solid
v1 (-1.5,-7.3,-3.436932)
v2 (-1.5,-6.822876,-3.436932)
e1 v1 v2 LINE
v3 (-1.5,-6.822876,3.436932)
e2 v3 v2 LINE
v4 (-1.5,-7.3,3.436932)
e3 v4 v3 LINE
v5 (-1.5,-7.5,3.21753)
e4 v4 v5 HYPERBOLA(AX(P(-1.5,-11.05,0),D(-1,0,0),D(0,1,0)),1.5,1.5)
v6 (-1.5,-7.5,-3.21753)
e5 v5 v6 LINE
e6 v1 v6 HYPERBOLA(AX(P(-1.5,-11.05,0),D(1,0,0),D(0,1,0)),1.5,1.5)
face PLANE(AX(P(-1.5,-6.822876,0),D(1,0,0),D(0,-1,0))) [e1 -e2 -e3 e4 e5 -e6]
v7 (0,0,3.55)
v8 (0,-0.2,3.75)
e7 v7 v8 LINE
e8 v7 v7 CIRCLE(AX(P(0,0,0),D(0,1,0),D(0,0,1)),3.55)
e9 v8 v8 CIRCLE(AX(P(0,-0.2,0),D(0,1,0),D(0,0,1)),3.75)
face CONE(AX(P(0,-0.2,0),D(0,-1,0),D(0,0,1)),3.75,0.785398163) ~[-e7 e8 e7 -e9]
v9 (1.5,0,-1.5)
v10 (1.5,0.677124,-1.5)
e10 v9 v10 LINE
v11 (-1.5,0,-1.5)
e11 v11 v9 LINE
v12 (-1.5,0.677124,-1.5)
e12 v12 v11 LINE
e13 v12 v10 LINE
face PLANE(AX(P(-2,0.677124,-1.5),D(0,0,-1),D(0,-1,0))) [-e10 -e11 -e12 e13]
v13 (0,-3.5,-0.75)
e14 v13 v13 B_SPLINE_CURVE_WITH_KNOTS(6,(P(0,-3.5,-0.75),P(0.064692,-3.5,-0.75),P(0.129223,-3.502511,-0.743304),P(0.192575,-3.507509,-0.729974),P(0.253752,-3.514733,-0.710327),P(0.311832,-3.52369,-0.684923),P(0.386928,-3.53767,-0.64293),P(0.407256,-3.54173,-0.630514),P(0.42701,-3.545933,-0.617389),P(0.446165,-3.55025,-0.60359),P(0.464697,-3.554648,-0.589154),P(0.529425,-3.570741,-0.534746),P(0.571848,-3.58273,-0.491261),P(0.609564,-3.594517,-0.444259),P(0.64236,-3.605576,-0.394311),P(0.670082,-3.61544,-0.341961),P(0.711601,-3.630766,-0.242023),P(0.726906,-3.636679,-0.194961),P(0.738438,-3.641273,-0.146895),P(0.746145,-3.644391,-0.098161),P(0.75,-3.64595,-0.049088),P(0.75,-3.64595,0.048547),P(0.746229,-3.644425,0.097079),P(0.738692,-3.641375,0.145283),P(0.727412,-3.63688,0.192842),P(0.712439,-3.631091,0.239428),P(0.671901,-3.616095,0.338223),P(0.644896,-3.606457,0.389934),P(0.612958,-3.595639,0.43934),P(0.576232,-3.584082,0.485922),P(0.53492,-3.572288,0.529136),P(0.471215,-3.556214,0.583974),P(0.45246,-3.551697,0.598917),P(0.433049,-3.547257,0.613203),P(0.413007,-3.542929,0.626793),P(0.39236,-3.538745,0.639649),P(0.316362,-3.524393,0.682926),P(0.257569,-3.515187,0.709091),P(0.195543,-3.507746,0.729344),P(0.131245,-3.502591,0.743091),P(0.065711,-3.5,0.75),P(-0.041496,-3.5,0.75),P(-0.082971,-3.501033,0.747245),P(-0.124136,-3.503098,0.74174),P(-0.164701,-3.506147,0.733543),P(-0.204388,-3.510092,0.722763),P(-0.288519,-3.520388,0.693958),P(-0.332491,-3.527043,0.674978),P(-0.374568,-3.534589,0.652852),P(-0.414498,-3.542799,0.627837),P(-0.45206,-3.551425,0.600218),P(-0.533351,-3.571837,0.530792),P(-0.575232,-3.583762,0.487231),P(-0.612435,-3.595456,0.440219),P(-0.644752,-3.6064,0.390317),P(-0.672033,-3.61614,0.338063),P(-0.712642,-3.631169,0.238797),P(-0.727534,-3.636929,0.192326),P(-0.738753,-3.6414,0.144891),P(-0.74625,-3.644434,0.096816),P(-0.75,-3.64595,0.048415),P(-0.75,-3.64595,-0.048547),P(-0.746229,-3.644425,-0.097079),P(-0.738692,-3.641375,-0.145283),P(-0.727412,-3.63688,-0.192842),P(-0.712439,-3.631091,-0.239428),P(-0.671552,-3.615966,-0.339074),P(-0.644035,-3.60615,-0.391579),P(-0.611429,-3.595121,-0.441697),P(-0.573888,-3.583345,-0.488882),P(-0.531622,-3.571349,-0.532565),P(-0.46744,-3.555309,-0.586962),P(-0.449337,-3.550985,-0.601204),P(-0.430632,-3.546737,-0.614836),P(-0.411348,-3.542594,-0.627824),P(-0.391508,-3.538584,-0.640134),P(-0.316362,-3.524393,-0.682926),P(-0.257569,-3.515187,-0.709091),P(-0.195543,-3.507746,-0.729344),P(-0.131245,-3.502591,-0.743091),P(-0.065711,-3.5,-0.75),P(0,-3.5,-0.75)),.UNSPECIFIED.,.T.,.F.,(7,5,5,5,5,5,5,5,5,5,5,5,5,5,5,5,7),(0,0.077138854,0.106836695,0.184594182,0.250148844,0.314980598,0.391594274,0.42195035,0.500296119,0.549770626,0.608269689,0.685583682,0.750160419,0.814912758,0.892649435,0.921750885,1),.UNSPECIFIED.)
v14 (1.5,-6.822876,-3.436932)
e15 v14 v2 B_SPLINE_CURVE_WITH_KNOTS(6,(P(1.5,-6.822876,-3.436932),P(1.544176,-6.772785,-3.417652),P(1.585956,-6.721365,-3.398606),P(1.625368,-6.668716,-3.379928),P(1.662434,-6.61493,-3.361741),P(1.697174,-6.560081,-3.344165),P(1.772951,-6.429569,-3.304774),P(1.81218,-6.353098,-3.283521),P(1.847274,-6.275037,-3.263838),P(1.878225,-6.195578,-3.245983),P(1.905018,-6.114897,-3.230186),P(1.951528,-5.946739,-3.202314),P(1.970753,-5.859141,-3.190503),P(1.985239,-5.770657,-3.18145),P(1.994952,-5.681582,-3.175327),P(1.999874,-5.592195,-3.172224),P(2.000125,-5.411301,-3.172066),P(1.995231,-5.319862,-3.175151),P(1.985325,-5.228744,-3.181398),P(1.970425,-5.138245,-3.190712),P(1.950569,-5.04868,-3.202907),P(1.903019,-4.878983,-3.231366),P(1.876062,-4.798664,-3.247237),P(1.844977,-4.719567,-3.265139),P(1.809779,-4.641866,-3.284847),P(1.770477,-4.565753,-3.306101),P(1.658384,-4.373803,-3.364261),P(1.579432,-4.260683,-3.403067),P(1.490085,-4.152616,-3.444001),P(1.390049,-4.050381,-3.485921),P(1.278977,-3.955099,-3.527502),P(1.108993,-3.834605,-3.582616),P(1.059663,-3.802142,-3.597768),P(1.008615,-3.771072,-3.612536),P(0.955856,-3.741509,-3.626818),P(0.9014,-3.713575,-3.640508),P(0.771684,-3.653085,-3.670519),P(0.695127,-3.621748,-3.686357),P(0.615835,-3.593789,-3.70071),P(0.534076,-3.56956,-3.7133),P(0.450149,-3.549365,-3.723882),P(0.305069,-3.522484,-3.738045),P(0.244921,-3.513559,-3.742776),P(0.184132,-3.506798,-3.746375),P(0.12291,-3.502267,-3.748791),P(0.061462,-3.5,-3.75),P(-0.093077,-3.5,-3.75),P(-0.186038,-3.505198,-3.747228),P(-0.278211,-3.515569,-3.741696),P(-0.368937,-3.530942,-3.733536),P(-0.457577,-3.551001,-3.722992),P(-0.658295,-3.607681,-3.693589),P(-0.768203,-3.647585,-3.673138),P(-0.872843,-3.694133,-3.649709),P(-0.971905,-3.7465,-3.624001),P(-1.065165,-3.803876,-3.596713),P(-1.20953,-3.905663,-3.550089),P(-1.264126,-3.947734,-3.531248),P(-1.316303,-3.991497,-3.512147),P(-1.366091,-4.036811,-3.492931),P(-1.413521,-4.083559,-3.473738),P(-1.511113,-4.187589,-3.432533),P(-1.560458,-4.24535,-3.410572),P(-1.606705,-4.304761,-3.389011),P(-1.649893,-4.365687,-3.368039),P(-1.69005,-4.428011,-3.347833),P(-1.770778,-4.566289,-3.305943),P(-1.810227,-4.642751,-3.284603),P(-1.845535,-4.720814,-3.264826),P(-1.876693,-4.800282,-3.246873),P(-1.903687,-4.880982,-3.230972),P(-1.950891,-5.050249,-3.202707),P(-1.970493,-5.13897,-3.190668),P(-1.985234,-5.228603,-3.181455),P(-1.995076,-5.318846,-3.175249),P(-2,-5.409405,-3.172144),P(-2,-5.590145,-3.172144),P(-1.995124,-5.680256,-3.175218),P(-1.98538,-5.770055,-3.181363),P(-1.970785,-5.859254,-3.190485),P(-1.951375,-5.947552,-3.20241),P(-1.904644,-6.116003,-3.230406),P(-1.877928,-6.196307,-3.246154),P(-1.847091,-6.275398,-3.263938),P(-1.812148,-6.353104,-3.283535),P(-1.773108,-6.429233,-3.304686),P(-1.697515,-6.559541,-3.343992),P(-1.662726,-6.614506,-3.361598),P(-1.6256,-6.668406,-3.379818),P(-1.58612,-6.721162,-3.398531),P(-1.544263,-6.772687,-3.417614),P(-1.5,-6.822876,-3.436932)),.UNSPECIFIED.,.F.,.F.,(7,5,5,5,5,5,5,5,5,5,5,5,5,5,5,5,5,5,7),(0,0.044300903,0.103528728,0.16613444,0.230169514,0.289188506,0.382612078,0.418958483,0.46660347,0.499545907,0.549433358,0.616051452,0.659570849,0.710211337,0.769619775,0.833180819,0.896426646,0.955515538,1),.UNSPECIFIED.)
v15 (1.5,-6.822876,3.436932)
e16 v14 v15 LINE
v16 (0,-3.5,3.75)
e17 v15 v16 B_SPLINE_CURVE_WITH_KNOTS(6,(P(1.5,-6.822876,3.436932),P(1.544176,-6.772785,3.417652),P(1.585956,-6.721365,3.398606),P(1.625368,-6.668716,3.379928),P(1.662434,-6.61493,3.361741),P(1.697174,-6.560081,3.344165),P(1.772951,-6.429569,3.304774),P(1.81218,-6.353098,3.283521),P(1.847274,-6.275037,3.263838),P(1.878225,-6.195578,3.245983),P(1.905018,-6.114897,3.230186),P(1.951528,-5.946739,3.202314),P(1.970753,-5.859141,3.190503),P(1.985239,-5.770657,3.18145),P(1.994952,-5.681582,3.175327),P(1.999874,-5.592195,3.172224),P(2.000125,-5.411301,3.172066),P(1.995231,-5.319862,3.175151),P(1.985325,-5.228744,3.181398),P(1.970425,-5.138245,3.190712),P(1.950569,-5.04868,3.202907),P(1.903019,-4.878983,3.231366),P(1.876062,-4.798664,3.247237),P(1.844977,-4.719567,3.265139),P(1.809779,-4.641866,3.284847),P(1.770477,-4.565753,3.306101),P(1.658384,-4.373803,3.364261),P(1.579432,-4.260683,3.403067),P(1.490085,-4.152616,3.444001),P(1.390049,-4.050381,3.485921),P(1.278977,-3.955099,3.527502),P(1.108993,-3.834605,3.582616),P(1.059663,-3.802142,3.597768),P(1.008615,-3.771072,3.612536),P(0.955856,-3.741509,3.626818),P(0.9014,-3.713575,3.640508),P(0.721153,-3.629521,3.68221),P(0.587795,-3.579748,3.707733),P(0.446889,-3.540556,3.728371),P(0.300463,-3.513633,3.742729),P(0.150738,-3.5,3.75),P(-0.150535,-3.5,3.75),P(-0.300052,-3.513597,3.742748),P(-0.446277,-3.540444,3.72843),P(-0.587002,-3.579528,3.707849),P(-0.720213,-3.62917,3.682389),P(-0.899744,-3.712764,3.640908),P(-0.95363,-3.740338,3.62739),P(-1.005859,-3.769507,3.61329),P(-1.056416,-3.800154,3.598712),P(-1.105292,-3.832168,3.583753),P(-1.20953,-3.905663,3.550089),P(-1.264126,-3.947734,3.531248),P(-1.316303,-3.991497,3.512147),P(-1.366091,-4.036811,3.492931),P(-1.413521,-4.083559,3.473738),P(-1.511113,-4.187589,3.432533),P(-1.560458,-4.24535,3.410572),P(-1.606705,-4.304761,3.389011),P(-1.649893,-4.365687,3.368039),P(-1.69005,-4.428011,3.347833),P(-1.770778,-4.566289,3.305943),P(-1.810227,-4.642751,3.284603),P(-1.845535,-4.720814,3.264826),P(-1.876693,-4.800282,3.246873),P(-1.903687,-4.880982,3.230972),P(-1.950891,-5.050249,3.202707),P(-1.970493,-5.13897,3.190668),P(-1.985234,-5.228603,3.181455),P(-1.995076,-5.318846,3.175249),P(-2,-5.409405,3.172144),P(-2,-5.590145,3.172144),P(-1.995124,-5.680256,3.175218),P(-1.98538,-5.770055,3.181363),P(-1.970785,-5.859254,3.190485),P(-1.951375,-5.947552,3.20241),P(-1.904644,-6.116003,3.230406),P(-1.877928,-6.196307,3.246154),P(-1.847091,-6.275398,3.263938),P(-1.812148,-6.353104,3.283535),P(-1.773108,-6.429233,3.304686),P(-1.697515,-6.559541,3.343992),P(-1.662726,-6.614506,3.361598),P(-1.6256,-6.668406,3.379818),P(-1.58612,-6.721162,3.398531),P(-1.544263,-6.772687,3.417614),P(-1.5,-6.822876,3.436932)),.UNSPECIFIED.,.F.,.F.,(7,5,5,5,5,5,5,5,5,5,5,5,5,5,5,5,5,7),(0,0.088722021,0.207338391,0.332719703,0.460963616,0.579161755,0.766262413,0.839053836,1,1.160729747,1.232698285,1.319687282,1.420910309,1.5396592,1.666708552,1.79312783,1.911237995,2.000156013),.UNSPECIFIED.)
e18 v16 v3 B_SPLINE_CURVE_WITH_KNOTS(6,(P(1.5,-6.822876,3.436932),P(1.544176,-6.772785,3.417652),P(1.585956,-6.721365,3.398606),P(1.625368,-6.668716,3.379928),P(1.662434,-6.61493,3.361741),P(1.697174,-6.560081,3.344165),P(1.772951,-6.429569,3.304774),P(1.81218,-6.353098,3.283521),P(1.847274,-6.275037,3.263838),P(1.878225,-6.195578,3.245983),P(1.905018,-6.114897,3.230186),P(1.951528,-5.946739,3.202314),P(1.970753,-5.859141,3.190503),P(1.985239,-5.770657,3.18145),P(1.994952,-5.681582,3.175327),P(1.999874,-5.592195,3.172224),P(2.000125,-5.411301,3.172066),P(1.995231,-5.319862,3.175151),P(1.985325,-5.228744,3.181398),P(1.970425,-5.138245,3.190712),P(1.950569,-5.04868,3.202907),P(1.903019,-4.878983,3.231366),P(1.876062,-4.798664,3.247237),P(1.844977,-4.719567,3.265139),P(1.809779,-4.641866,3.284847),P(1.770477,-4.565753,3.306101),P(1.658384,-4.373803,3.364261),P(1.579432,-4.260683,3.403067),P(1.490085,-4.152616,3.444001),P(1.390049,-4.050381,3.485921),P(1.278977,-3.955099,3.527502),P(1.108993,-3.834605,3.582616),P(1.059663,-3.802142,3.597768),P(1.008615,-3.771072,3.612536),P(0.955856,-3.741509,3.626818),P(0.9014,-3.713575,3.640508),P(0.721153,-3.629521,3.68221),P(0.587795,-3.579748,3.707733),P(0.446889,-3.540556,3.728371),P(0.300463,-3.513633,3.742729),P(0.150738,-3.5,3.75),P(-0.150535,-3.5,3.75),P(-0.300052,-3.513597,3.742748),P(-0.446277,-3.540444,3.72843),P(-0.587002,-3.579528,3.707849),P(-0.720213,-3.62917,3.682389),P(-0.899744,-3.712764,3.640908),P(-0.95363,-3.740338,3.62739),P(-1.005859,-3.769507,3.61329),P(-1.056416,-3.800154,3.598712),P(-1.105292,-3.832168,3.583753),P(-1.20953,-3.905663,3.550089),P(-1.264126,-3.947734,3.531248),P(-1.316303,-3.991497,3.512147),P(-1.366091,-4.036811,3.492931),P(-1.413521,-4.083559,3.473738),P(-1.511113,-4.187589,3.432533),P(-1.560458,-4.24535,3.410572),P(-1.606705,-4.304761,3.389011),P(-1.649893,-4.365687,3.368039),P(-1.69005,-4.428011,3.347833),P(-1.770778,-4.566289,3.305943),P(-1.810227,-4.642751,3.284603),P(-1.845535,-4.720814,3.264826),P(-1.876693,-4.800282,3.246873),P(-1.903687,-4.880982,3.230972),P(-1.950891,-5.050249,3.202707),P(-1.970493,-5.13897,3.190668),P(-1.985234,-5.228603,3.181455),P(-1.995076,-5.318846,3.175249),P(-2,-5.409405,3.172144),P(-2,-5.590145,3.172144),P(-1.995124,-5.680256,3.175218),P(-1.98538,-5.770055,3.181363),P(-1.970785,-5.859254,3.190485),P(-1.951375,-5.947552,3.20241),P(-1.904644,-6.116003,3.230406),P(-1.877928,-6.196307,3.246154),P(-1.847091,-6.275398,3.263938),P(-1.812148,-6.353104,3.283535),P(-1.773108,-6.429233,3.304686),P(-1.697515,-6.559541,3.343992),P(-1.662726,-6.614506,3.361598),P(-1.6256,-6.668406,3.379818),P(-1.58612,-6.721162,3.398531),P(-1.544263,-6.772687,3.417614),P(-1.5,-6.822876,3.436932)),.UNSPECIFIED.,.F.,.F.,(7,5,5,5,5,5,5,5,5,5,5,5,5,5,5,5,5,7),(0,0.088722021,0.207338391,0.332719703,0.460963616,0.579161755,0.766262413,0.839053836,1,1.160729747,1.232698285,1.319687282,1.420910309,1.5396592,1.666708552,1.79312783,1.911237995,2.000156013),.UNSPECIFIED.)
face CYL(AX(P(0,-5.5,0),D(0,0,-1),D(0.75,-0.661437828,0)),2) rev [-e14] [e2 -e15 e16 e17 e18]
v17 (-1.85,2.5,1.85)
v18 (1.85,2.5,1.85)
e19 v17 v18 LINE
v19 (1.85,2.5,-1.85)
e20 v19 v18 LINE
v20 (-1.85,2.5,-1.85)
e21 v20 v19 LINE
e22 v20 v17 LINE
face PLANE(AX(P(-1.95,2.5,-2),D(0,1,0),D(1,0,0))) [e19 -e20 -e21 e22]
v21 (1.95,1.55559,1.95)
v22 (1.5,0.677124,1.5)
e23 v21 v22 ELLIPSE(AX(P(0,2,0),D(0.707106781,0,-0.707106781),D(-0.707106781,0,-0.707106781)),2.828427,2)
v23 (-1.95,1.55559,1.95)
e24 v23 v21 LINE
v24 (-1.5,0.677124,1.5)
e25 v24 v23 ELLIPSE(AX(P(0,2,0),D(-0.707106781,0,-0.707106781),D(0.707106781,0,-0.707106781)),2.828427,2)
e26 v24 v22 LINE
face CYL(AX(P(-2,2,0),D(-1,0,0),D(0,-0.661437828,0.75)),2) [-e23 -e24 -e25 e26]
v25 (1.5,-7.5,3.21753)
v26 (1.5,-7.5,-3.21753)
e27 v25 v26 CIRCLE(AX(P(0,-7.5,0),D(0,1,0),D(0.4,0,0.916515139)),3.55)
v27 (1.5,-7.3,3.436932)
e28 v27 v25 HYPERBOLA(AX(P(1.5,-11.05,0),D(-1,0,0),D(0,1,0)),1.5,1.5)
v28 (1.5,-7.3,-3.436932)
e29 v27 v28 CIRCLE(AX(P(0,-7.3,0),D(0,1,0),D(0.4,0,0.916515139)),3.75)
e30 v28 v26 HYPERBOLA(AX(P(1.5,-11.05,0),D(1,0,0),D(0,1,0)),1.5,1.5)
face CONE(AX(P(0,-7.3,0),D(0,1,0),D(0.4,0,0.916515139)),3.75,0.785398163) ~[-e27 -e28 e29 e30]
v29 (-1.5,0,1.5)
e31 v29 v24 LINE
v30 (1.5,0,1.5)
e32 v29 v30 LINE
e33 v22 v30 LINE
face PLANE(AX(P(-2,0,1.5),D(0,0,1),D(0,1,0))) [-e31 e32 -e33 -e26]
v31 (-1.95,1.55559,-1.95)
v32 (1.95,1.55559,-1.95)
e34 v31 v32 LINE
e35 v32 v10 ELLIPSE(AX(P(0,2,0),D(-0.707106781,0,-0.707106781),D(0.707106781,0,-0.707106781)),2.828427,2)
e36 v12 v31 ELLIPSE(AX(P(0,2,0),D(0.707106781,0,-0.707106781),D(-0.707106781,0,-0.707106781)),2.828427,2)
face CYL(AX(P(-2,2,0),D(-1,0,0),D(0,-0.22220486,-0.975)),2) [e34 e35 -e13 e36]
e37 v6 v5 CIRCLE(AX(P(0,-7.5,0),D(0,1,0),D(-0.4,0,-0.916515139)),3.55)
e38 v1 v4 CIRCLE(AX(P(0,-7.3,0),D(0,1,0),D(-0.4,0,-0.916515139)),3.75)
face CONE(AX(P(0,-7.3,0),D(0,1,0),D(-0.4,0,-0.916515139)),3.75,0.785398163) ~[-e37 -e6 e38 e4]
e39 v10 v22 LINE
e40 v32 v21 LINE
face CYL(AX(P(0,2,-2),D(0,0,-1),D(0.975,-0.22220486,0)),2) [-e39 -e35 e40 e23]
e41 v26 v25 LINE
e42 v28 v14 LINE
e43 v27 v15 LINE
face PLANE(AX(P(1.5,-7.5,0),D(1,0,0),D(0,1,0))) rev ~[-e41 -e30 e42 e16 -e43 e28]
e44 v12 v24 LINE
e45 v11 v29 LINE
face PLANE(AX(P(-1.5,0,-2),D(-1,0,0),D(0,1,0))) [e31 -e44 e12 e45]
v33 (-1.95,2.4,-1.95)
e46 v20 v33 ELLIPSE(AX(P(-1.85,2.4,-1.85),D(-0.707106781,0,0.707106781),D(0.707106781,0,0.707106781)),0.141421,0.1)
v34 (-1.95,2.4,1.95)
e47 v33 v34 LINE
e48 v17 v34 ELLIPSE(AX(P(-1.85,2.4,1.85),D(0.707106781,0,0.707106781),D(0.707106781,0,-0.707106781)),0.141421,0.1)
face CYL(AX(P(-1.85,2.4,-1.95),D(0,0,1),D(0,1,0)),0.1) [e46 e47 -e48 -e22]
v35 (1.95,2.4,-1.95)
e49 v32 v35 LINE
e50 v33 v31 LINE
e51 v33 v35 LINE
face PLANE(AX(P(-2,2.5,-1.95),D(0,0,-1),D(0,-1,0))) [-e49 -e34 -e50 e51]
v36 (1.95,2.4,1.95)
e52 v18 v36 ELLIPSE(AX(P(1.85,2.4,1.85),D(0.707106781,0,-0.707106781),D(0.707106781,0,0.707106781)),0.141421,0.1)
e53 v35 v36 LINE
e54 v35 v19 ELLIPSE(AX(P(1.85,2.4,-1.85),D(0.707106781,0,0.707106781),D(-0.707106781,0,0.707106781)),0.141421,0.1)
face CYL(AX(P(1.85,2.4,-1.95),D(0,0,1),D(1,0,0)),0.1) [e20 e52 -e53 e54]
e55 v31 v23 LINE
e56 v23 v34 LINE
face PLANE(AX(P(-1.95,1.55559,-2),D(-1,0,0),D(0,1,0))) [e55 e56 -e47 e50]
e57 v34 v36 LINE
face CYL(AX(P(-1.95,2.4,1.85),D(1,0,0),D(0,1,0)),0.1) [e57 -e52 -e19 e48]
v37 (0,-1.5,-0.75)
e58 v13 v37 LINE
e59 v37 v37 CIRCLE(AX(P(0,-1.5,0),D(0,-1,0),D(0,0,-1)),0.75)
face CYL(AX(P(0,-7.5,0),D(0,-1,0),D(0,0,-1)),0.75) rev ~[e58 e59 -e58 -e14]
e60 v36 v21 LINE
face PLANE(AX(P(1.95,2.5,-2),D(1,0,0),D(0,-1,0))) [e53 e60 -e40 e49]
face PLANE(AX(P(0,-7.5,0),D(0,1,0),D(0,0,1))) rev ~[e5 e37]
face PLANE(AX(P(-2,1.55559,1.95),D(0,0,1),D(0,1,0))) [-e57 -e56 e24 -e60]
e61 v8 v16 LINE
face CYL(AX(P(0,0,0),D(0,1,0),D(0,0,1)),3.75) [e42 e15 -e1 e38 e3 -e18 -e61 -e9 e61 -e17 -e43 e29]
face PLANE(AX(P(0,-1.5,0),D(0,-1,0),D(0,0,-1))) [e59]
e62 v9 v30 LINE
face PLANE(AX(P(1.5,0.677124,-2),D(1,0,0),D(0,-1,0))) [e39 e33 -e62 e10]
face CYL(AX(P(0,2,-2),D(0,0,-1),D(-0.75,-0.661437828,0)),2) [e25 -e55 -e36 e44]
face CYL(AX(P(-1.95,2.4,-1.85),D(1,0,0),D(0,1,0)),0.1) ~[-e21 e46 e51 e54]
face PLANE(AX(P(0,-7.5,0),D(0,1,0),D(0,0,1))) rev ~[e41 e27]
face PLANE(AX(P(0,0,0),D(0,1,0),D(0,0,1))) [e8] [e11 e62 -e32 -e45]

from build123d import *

# Parameters (mm, degrees)
SKETCH_1_R                           = 3.75
EXTRUDE_1_DEPTH                      = 7.5
EXTRUDE_2_DEPTH                      = 2
EXTRUDE_2_DEPTH_BACK                 = 2
CUT_EXTRUDE_1_DEPTH                  = 2
CUT_EXTRUDE_1_DEPTH_BACK             = 2
CUT_EXTRUDE_2_REACH                  = 11.186
CUT_EXTRUDE_2_END_RADIUS             = 3.75
CUT_EXTRUDE_2_DIRECTION_2_REACH      = 11.186
CUT_EXTRUDE_2_DIRECTION_2_END_RADIUS = 3.75
FILLET_1_R                           = 0.1
SKETCH_5_R                           = 0.75
CUT_EXTRUDE_3_DEPTH                  = 6
CHAMFER_1_SIZE                       = 0.2


with BuildPart() as part:
    # 草图1 → 凸台-拉伸1 (new body)
    with BuildSketch(Plane(origin=(0, 0, 0), x_dir=(1, 0, 0), z_dir=(0, 1, 0))):
        with Locations(Location((0, 0, 0), (0, 0, 270))):
            Circle(SKETCH_1_R)
    extrude(amount=-EXTRUDE_1_DEPTH)

    # 草图2 → 凸台-拉伸2 (add, two sides: drawn at the far end of the back side and taken through both)
    with BuildSketch(Plane.XY.offset(-EXTRUDE_2_DEPTH_BACK)):
        with BuildLine():
            Line((-1.95, 2.5), (1.95, 2.5))
            Line((1.95, 2.5), (1.95, 1.555590279))
            ThreePointArc((1.95, 1.555590279), (1.780042303, 1.088161527), (1.5, 0.677124344))
            Line((1.5, 0.677124344), (1.5, 0))
            Line((1.5, 0), (-1.5, 0))
            Line((-1.5, 0), (-1.5, 0.677124344))
            ThreePointArc((-1.5, 0.677124344), (-1.780042303, 1.088161527), (-1.95, 1.555590279))
            Line((-1.95, 1.555590279), (-1.95, 2.5))
        make_face()
    extrude(amount=EXTRUDE_2_DEPTH + EXTRUDE_2_DEPTH_BACK)

    # 草图3 → 切除-拉伸1 (cut, two sides: drawn at the far end of the back side and taken through both)
    with BuildSketch(Plane(origin=(0, 0, 0), x_dir=(0, 0, -1), z_dir=(1, 0, 0)).offset(-CUT_EXTRUDE_1_DEPTH_BACK)):
        with BuildLine():
            Line((1.95, 2.5), (1.95, 1.555590279))
            ThreePointArc((1.95, 1.555590279), (1.780042303, 1.088161527), (1.5, 0.677124344))
            Line((1.5, 0.677124344), (1.5, 0))
            Line((1.5, 0), (2, 0))
            Line((2, 0), (2, 2.5))
            Line((2, 2.5), (1.95, 2.5))
        make_face()
        with BuildLine():
            Line((-2, 0), (-1.5, 0))
            Line((-1.5, 0), (-1.5, 0.677124344))
            ThreePointArc((-1.5, 0.677124344), (-1.780042303, 1.088161527), (-1.95, 1.555590279))
            Line((-1.95, 1.555590279), (-1.95, 2.5))
            Line((-1.95, 2.5), (-2, 2.5))
            Line((-2, 2.5), (-2, 0))
        make_face()
    extrude(amount=CUT_EXTRUDE_1_DEPTH + CUT_EXTRUDE_1_DEPTH_BACK, mode=Mode.SUBTRACT)

    # 切除-拉伸2: up to this cylinder (the profile starts inside it)
    cut_extrude_2_end = Plane(origin=(0, -5.585293, 0), z_dir=(0, 1, 0)) * Cylinder(CUT_EXTRUDE_2_END_RADIUS, 30.872, mode=Mode.PRIVATE)
    # 草图4 → 切除-拉伸2 (cut, up to the surface)
    with BuildSketch(Plane.XY, mode=Mode.PRIVATE) as cut_extrude_2_sk1:
        with BuildLine():
            Line((-1.5, -7.5), (1.5, -7.5))
            Line((1.5, -7.5), (1.5, -6.822875656))
            ThreePointArc((1.5, -6.822875656), (0, -3.5), (-1.5, -6.822875656))
            Line((-1.5, -6.822875656), (-1.5, -7.5))
        make_face()
    cut_extrude_2_tool1 = extrude(cut_extrude_2_sk1.sketch, amount=-CUT_EXTRUDE_2_REACH, mode=Mode.PRIVATE) & cut_extrude_2_end
    add(cut_extrude_2_tool1.solids().sort_by_distance((0, -5.585293, 0))[0], mode=Mode.SUBTRACT)

    # 切除-拉伸2 direction 2: up to this cylinder (the profile starts inside it)
    cut_extrude_2_direction_2_end = Plane(origin=(0, -5.585293, 0), z_dir=(0, 1, 0)) * Cylinder(CUT_EXTRUDE_2_DIRECTION_2_END_RADIUS, 30.872, mode=Mode.PRIVATE)
    # 草图4 → 切除-拉伸2 direction 2 (cut, up to the surface)
    with BuildSketch(Plane.XY, mode=Mode.PRIVATE) as cut_extrude_2_direction_2_sk1:
        with BuildLine():
            Line((-1.5, -7.5), (1.5, -7.5))
            Line((1.5, -7.5), (1.5, -6.822875656))
            ThreePointArc((1.5, -6.822875656), (0, -3.5), (-1.5, -6.822875656))
            Line((-1.5, -6.822875656), (-1.5, -7.5))
        make_face()
    cut_extrude_2_direction_2_tool1 = extrude(cut_extrude_2_direction_2_sk1.sketch, amount=CUT_EXTRUDE_2_DIRECTION_2_REACH, mode=Mode.PRIVATE) & cut_extrude_2_direction_2_end
    add(cut_extrude_2_direction_2_tool1.solids().sort_by_distance((0, -5.585293, 0))[0], mode=Mode.SUBTRACT)

    # 圆角1
    fillet_1_edges = [part.edges().sort_by_distance(p)[0] for p in [
        (0, 2.5, 1.95),
        (1.95, 2.5, 0),
        (-1.95, 2.5, 0),
        (0, 2.5, -1.95),
    ]]
    fillet(fillet_1_edges, radius=FILLET_1_R)

    # 草图5 → 切除-拉伸3 (cut)
    with BuildSketch(Plane.XZ.offset(7.5)):
        with Locations(Location((0, 0, 0), (0, 0, 270))):
            Circle(SKETCH_5_R)
    extrude(amount=-CUT_EXTRUDE_3_DEPTH, mode=Mode.SUBTRACT)

    # 倒角1
    chamfer_1_edges = [part.edges().sort_by_distance(p)[0] for p in [
        (0, 0, -3.75),
        (3.75, -7.5, 0),
        (-3.75, -7.5, 0),
    ]]
    chamfer(chamfer_1_edges, length=CHAMFER_1_SIZE)


solid = part.part
